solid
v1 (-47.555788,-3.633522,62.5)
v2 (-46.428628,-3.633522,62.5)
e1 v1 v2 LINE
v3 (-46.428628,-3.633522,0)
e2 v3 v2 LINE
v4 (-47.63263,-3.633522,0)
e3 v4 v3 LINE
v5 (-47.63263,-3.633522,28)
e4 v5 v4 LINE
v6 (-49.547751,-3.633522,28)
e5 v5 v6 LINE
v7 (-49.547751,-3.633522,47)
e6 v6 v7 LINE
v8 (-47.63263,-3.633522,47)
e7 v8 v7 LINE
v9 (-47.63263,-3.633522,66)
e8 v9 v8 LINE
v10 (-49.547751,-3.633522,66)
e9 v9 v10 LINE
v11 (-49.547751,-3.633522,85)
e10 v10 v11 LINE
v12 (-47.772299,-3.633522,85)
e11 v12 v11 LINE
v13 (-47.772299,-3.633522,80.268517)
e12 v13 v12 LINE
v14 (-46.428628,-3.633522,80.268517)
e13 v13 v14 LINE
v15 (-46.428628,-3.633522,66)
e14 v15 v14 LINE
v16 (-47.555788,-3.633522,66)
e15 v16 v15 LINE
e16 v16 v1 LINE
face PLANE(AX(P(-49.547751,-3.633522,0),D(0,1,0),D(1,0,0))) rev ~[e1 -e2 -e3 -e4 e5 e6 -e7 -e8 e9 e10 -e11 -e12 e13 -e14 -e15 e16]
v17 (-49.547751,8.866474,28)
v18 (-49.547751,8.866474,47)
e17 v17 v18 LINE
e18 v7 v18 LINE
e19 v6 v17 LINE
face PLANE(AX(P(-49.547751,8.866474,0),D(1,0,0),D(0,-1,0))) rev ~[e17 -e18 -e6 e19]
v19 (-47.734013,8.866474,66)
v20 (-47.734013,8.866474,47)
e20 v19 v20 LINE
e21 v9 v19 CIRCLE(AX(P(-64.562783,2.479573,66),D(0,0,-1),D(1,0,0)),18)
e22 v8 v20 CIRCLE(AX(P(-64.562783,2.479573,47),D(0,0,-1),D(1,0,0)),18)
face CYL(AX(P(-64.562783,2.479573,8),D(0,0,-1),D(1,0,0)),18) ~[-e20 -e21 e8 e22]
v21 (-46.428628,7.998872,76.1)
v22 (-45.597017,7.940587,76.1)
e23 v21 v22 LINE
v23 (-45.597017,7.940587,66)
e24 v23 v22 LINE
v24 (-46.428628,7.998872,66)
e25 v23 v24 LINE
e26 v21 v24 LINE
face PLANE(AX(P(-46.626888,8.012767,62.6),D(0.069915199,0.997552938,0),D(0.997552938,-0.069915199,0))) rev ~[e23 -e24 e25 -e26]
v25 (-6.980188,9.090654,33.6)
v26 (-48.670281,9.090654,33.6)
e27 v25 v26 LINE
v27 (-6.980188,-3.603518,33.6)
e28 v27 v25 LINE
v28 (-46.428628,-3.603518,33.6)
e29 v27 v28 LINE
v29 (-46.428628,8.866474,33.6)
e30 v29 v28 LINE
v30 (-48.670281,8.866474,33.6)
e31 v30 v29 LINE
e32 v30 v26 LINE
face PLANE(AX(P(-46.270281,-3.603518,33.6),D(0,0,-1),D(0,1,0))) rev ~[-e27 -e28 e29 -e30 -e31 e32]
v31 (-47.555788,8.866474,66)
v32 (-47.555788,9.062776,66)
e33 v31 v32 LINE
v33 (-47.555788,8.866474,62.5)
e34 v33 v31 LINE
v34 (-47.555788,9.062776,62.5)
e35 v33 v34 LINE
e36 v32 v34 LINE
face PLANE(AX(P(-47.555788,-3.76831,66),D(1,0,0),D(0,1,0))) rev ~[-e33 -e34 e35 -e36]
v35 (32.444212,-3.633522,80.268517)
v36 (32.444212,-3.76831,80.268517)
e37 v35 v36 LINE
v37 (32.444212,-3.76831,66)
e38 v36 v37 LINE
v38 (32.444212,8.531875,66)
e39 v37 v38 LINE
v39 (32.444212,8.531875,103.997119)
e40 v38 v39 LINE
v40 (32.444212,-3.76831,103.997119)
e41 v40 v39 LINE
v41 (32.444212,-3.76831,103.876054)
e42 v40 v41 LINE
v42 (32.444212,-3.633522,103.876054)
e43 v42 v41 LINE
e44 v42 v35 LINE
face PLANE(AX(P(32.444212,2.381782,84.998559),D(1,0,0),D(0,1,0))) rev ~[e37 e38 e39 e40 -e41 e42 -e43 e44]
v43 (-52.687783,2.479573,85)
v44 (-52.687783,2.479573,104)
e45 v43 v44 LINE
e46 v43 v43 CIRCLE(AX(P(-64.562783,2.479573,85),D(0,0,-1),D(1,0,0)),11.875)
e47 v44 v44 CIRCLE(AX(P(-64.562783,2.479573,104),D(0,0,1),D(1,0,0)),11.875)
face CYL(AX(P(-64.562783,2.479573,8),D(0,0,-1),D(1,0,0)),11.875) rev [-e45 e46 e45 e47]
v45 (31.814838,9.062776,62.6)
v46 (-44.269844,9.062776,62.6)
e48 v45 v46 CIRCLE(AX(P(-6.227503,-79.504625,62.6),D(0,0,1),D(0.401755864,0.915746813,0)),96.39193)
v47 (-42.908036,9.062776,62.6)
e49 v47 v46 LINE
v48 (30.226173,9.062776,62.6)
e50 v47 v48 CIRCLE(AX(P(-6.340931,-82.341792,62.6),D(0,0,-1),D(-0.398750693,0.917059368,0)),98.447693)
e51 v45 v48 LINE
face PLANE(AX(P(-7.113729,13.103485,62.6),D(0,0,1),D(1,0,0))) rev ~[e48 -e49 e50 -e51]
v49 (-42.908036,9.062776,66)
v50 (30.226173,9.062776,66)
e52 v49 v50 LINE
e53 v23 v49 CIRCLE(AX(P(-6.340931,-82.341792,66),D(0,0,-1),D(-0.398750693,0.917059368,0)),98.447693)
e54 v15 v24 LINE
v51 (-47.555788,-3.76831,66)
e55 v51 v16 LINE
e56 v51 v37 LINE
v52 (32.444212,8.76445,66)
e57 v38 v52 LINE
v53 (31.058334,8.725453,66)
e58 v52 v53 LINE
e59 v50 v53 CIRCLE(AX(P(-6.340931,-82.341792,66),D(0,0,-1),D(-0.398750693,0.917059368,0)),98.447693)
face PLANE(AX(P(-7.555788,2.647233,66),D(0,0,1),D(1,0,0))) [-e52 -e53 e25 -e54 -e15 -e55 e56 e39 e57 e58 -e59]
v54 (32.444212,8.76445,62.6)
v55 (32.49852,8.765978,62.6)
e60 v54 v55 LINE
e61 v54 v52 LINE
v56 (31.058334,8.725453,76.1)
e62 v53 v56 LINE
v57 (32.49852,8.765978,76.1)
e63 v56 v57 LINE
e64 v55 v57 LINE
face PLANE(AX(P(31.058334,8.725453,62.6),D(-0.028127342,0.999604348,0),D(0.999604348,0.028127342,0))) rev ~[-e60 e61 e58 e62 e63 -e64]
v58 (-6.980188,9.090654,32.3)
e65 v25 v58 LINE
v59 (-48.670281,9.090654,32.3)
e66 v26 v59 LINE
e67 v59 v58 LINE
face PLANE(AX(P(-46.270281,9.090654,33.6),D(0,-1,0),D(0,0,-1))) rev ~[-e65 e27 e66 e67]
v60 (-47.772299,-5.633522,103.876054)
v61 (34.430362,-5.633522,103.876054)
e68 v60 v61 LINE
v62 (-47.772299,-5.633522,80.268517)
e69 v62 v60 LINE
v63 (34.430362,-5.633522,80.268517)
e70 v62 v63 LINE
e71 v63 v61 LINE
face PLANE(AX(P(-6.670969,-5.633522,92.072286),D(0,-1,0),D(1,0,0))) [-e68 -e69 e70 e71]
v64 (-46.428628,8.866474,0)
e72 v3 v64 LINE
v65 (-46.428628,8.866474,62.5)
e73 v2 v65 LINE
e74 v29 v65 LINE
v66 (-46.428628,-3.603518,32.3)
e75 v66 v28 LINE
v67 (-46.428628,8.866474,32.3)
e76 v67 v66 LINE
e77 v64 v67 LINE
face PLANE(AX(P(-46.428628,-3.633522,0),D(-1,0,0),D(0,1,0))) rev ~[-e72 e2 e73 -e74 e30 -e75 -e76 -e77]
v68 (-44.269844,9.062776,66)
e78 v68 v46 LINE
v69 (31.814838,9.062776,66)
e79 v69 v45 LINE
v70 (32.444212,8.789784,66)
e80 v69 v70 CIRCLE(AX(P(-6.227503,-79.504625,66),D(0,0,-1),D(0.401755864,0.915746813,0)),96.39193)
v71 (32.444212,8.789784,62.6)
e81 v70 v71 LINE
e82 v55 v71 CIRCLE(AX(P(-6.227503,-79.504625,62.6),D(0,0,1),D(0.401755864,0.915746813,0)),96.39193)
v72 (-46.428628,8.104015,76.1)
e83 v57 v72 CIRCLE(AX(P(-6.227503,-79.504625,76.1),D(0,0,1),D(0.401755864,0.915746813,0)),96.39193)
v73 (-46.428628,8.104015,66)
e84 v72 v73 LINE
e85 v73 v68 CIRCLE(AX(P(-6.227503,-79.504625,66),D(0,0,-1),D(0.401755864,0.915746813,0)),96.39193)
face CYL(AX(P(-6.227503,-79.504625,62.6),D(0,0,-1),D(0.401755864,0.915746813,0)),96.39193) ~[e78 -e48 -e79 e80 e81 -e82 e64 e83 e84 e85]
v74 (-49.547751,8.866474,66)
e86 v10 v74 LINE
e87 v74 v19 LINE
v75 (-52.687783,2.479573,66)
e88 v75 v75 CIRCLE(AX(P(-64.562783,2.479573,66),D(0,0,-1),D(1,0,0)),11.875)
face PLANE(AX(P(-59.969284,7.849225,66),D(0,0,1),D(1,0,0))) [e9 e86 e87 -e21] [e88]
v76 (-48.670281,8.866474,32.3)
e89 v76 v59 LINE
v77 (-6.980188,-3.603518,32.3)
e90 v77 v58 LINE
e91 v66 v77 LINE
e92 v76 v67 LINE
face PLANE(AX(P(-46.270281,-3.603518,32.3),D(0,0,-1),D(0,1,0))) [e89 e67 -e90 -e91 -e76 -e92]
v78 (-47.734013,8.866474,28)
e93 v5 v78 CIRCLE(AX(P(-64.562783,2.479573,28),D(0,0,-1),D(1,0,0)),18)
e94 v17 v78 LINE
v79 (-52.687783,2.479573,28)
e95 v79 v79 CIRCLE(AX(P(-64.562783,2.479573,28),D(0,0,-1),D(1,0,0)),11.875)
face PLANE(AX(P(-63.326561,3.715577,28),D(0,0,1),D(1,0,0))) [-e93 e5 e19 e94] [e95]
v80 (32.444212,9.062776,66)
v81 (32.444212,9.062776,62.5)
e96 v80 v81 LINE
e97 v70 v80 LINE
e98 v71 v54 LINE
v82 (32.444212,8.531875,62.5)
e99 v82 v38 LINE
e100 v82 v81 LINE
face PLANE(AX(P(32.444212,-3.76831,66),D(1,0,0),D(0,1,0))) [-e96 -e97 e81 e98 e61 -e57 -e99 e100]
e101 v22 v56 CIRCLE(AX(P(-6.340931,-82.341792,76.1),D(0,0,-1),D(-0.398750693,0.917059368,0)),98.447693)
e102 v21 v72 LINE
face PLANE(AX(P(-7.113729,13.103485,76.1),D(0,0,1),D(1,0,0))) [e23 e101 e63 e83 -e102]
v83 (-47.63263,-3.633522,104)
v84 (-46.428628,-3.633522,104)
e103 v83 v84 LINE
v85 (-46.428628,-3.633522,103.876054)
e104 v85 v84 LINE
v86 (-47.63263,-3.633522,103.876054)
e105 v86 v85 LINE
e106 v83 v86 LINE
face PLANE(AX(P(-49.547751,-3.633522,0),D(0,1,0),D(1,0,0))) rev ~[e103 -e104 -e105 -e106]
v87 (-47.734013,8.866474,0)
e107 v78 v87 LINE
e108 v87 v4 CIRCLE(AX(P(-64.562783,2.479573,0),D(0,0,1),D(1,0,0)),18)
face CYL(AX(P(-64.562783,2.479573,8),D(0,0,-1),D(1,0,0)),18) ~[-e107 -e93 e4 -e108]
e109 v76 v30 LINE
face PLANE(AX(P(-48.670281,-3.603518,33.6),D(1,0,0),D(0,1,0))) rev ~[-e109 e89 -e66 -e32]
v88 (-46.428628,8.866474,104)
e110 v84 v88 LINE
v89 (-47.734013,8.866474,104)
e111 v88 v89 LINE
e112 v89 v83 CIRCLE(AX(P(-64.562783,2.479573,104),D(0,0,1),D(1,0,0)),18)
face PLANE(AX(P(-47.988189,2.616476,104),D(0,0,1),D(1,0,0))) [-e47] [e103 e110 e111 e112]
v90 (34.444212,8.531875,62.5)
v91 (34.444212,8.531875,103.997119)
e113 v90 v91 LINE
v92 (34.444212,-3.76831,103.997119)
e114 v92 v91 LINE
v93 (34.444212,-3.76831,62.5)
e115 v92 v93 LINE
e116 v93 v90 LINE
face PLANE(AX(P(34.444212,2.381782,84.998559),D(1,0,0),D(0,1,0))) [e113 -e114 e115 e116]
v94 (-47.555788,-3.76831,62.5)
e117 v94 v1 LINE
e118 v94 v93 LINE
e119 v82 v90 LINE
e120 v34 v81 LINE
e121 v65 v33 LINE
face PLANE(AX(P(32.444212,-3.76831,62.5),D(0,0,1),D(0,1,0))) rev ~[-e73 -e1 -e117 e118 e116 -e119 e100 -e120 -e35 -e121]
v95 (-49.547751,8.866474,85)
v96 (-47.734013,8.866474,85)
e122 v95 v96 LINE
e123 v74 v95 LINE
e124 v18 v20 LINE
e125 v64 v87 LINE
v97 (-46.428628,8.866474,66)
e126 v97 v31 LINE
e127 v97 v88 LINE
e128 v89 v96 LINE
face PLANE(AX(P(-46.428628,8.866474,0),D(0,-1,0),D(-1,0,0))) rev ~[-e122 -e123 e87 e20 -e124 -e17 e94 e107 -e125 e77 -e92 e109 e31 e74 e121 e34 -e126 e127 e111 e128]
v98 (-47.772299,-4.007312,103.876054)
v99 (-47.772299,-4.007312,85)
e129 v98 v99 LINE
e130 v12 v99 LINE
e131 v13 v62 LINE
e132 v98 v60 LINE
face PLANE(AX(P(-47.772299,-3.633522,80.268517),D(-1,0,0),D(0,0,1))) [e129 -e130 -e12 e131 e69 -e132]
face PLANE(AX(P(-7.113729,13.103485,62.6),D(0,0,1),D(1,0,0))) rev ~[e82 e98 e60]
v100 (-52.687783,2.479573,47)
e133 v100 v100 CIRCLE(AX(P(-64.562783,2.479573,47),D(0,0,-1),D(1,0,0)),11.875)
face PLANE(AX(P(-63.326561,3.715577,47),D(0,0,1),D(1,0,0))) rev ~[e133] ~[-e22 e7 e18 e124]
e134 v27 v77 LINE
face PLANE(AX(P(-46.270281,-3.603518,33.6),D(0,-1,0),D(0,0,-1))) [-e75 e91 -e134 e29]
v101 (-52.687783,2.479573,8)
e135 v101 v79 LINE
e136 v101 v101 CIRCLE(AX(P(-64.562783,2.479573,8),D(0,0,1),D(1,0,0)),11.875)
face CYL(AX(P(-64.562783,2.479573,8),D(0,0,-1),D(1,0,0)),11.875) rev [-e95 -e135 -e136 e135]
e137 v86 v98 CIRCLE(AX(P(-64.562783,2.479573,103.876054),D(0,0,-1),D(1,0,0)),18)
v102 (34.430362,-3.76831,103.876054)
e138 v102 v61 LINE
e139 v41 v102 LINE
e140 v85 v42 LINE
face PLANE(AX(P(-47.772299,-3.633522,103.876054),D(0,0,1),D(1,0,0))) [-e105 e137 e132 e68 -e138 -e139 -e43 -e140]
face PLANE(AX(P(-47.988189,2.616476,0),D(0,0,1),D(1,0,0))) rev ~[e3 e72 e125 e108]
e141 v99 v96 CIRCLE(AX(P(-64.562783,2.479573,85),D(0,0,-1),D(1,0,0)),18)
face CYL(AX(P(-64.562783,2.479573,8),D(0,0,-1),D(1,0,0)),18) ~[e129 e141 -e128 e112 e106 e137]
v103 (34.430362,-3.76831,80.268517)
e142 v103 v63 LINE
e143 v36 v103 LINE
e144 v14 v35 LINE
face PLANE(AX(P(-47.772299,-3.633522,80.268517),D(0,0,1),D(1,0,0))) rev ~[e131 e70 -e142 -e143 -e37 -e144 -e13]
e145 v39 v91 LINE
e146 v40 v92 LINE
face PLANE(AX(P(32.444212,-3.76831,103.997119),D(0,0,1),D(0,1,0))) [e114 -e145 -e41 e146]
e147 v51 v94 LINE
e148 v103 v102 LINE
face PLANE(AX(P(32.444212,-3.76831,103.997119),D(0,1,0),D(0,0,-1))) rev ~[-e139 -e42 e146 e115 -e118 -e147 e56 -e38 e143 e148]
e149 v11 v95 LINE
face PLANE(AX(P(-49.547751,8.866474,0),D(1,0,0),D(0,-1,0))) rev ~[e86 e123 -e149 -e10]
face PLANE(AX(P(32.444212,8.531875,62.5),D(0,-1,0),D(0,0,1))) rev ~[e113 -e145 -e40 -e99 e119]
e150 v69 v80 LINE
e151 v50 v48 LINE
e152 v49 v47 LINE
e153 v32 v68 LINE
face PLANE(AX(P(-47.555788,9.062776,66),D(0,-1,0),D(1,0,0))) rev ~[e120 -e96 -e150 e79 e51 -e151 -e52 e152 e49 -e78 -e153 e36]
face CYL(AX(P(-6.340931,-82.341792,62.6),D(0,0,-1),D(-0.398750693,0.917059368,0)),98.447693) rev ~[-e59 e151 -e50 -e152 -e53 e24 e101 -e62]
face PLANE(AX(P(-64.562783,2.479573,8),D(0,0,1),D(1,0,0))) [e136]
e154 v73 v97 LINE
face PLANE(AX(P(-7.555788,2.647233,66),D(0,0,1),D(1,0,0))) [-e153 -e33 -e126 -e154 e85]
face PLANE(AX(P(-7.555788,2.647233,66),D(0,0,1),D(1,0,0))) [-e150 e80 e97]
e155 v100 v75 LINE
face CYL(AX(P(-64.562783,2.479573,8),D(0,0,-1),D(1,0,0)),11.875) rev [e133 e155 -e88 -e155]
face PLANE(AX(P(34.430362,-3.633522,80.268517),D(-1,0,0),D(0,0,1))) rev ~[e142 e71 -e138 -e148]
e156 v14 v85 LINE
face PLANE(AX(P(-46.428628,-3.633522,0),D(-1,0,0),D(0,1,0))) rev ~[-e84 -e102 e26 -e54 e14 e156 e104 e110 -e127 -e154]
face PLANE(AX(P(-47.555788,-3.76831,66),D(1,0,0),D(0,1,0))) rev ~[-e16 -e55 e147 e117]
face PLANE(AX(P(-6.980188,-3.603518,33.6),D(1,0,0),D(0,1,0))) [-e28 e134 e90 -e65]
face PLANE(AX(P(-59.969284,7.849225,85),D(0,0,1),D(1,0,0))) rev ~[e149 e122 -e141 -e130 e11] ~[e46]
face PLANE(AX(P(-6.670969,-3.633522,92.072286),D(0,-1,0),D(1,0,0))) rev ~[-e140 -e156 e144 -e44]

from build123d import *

# Parameters (mm, degrees)
F0_R      = 18
F1_DEPTH  = 8
F2_R      = 18
F2_R_2    = 11.875
F3_DEPTH  = 96
F7_W      = 114.2527745105
F7_H      = 71.0478108376
F8_DEPTH  = 19
F9_W      = 142.8963663056
F9_H      = 89.3513672054
F10_DEPTH = 19
F12_DEPTH = 104
F14_W     = 80
F14_H     = 12.8310857864
F15_DEPTH = 3.5
F16_W     = 12.3001844622
F16_H     = 37.9971187711
F16_H_2   = 3.5
F17_DEPTH = 2
F18_W     = 82.2026617825
F18_H     = 23.6075371504
F19_DEPTH = 2
F22_DEPTH = 13.5
F24_W     = 39.2900933512
F24_H     = 12.6941720955
F25_DEPTH = 1.3
F26_DEPTH = 2.4


with BuildPart() as f1:
    # F0 (on Top) → F1 (new body)
    with BuildSketch(Plane.XY):
        with Locations((-64.5627826452, 2.4795725476)):
            Circle(F0_R)
    extrude(amount=F1_DEPTH)

    # F2 (on face) → F3 (join)
    with BuildSketch(Plane.XY.offset(8)):
        with Locations((-64.5627826452, 2.4795725476)):
            Circle(F2_R)
        with Locations((-64.5627826452, 2.4795725476)):
            Circle(F2_R_2, mode=Mode.SUBTRACT)
    extrude(amount=F3_DEPTH)

    # F7 (on offset) → F8 (cut)
    with BuildSketch(Plane.XY.offset(66)):
        with Locations((-59.9692843389, 7.8492248431)):
            Rectangle(F7_W, F7_H)
    extrude(amount=F8_DEPTH, mode=Mode.SUBTRACT)

    # F9 (on offset) → F10 (cut)
    with BuildSketch(Plane.XY.offset(47)):
        with Locations((-63.3265613578, 3.715576604)):
            Rectangle(F9_W, F9_H)
    extrude(amount=-F10_DEPTH, mode=Mode.SUBTRACT)

    # F11 (on Top) → F12 (join)
    with BuildSketch(Plane.XY):
        Polygon((-46.4286282659, 8.8664737705), (-47.033398658, 8.8664737705), (-49.5477505028, 8.8664737705), (-49.5477505028, -3.6335218174), (-47.033398658, -3.6335218174), (-46.4286282659, -3.6335218174), align=None)
    extrude(amount=F12_DEPTH)

    # F14 (on offset) → F15 (join)
    with BuildSketch(Plane.XY.offset(66)):
        with Locations((-7.5557883829, 2.6472329628)):
            Rectangle(F14_W, F14_H)
    extrude(amount=-F15_DEPTH)

    # F16 (on face) → F17 (join)
    with BuildSketch(Plane.YZ.offset(32.4442116171)):
        with Locations((2.3817823007, 84.9985593855)):
            Rectangle(F16_W, F16_H)
        with Locations((2.3817823007, 64.25)):
            Rectangle(F16_W, F16_H_2)
    extrude(amount=F17_DEPTH)

    # F18 (on face) → F19 (join)
    with BuildSketch(Plane.XZ.offset(3.6335218174)):
        with Locations((-6.6709686071, 92.0722857118)):
            Rectangle(F18_W, F18_H)
    extrude(amount=F19_DEPTH)

    # F21 (on offset) → F22 (join)
    with BuildSketch(Plane.XY.offset(62.6)):
        with BuildLine():
            Line((31.0583338141, 8.7254531682), (32.4985198677, 8.7659778073))
            ThreePointArc((32.4985198677, 8.7659778073), (-7.1450361543, 16.8829381262), (-46.6268882155, 8.0127669498))
            Line((-46.6268882155, 8.0127669498), (-45.5970168114, 7.9405866563))
            ThreePointArc((-45.5970168114, 7.9405866563), (-7.3488744174, 16.1007405169), (31.0583338141, 8.7254531682))
        make_face()
    extrude(amount=F22_DEPTH)



with BuildPart() as f25:
    # F24 (on offset) → F25 (new body)
    with BuildSketch(Plane.XY.offset(33.6)):
        with Locations((-26.6252344009, 2.7435675729)):
            Rectangle(F24_W, F24_H)
    extrude(amount=-F25_DEPTH)


with BuildPart() as f1_1:
    add(f1.part)
    # F26 (add): a face of the model
    f26_faces = [f25.part.faces().sort_by_distance(p)[0] for p in [
        (-46.2702810764, 2.7435675729, 32.95),
    ]]

    add(f25.part)  # F26 merges F25
    extrude(f26_faces, amount=F26_DEPTH)


solid = f1_1.part
